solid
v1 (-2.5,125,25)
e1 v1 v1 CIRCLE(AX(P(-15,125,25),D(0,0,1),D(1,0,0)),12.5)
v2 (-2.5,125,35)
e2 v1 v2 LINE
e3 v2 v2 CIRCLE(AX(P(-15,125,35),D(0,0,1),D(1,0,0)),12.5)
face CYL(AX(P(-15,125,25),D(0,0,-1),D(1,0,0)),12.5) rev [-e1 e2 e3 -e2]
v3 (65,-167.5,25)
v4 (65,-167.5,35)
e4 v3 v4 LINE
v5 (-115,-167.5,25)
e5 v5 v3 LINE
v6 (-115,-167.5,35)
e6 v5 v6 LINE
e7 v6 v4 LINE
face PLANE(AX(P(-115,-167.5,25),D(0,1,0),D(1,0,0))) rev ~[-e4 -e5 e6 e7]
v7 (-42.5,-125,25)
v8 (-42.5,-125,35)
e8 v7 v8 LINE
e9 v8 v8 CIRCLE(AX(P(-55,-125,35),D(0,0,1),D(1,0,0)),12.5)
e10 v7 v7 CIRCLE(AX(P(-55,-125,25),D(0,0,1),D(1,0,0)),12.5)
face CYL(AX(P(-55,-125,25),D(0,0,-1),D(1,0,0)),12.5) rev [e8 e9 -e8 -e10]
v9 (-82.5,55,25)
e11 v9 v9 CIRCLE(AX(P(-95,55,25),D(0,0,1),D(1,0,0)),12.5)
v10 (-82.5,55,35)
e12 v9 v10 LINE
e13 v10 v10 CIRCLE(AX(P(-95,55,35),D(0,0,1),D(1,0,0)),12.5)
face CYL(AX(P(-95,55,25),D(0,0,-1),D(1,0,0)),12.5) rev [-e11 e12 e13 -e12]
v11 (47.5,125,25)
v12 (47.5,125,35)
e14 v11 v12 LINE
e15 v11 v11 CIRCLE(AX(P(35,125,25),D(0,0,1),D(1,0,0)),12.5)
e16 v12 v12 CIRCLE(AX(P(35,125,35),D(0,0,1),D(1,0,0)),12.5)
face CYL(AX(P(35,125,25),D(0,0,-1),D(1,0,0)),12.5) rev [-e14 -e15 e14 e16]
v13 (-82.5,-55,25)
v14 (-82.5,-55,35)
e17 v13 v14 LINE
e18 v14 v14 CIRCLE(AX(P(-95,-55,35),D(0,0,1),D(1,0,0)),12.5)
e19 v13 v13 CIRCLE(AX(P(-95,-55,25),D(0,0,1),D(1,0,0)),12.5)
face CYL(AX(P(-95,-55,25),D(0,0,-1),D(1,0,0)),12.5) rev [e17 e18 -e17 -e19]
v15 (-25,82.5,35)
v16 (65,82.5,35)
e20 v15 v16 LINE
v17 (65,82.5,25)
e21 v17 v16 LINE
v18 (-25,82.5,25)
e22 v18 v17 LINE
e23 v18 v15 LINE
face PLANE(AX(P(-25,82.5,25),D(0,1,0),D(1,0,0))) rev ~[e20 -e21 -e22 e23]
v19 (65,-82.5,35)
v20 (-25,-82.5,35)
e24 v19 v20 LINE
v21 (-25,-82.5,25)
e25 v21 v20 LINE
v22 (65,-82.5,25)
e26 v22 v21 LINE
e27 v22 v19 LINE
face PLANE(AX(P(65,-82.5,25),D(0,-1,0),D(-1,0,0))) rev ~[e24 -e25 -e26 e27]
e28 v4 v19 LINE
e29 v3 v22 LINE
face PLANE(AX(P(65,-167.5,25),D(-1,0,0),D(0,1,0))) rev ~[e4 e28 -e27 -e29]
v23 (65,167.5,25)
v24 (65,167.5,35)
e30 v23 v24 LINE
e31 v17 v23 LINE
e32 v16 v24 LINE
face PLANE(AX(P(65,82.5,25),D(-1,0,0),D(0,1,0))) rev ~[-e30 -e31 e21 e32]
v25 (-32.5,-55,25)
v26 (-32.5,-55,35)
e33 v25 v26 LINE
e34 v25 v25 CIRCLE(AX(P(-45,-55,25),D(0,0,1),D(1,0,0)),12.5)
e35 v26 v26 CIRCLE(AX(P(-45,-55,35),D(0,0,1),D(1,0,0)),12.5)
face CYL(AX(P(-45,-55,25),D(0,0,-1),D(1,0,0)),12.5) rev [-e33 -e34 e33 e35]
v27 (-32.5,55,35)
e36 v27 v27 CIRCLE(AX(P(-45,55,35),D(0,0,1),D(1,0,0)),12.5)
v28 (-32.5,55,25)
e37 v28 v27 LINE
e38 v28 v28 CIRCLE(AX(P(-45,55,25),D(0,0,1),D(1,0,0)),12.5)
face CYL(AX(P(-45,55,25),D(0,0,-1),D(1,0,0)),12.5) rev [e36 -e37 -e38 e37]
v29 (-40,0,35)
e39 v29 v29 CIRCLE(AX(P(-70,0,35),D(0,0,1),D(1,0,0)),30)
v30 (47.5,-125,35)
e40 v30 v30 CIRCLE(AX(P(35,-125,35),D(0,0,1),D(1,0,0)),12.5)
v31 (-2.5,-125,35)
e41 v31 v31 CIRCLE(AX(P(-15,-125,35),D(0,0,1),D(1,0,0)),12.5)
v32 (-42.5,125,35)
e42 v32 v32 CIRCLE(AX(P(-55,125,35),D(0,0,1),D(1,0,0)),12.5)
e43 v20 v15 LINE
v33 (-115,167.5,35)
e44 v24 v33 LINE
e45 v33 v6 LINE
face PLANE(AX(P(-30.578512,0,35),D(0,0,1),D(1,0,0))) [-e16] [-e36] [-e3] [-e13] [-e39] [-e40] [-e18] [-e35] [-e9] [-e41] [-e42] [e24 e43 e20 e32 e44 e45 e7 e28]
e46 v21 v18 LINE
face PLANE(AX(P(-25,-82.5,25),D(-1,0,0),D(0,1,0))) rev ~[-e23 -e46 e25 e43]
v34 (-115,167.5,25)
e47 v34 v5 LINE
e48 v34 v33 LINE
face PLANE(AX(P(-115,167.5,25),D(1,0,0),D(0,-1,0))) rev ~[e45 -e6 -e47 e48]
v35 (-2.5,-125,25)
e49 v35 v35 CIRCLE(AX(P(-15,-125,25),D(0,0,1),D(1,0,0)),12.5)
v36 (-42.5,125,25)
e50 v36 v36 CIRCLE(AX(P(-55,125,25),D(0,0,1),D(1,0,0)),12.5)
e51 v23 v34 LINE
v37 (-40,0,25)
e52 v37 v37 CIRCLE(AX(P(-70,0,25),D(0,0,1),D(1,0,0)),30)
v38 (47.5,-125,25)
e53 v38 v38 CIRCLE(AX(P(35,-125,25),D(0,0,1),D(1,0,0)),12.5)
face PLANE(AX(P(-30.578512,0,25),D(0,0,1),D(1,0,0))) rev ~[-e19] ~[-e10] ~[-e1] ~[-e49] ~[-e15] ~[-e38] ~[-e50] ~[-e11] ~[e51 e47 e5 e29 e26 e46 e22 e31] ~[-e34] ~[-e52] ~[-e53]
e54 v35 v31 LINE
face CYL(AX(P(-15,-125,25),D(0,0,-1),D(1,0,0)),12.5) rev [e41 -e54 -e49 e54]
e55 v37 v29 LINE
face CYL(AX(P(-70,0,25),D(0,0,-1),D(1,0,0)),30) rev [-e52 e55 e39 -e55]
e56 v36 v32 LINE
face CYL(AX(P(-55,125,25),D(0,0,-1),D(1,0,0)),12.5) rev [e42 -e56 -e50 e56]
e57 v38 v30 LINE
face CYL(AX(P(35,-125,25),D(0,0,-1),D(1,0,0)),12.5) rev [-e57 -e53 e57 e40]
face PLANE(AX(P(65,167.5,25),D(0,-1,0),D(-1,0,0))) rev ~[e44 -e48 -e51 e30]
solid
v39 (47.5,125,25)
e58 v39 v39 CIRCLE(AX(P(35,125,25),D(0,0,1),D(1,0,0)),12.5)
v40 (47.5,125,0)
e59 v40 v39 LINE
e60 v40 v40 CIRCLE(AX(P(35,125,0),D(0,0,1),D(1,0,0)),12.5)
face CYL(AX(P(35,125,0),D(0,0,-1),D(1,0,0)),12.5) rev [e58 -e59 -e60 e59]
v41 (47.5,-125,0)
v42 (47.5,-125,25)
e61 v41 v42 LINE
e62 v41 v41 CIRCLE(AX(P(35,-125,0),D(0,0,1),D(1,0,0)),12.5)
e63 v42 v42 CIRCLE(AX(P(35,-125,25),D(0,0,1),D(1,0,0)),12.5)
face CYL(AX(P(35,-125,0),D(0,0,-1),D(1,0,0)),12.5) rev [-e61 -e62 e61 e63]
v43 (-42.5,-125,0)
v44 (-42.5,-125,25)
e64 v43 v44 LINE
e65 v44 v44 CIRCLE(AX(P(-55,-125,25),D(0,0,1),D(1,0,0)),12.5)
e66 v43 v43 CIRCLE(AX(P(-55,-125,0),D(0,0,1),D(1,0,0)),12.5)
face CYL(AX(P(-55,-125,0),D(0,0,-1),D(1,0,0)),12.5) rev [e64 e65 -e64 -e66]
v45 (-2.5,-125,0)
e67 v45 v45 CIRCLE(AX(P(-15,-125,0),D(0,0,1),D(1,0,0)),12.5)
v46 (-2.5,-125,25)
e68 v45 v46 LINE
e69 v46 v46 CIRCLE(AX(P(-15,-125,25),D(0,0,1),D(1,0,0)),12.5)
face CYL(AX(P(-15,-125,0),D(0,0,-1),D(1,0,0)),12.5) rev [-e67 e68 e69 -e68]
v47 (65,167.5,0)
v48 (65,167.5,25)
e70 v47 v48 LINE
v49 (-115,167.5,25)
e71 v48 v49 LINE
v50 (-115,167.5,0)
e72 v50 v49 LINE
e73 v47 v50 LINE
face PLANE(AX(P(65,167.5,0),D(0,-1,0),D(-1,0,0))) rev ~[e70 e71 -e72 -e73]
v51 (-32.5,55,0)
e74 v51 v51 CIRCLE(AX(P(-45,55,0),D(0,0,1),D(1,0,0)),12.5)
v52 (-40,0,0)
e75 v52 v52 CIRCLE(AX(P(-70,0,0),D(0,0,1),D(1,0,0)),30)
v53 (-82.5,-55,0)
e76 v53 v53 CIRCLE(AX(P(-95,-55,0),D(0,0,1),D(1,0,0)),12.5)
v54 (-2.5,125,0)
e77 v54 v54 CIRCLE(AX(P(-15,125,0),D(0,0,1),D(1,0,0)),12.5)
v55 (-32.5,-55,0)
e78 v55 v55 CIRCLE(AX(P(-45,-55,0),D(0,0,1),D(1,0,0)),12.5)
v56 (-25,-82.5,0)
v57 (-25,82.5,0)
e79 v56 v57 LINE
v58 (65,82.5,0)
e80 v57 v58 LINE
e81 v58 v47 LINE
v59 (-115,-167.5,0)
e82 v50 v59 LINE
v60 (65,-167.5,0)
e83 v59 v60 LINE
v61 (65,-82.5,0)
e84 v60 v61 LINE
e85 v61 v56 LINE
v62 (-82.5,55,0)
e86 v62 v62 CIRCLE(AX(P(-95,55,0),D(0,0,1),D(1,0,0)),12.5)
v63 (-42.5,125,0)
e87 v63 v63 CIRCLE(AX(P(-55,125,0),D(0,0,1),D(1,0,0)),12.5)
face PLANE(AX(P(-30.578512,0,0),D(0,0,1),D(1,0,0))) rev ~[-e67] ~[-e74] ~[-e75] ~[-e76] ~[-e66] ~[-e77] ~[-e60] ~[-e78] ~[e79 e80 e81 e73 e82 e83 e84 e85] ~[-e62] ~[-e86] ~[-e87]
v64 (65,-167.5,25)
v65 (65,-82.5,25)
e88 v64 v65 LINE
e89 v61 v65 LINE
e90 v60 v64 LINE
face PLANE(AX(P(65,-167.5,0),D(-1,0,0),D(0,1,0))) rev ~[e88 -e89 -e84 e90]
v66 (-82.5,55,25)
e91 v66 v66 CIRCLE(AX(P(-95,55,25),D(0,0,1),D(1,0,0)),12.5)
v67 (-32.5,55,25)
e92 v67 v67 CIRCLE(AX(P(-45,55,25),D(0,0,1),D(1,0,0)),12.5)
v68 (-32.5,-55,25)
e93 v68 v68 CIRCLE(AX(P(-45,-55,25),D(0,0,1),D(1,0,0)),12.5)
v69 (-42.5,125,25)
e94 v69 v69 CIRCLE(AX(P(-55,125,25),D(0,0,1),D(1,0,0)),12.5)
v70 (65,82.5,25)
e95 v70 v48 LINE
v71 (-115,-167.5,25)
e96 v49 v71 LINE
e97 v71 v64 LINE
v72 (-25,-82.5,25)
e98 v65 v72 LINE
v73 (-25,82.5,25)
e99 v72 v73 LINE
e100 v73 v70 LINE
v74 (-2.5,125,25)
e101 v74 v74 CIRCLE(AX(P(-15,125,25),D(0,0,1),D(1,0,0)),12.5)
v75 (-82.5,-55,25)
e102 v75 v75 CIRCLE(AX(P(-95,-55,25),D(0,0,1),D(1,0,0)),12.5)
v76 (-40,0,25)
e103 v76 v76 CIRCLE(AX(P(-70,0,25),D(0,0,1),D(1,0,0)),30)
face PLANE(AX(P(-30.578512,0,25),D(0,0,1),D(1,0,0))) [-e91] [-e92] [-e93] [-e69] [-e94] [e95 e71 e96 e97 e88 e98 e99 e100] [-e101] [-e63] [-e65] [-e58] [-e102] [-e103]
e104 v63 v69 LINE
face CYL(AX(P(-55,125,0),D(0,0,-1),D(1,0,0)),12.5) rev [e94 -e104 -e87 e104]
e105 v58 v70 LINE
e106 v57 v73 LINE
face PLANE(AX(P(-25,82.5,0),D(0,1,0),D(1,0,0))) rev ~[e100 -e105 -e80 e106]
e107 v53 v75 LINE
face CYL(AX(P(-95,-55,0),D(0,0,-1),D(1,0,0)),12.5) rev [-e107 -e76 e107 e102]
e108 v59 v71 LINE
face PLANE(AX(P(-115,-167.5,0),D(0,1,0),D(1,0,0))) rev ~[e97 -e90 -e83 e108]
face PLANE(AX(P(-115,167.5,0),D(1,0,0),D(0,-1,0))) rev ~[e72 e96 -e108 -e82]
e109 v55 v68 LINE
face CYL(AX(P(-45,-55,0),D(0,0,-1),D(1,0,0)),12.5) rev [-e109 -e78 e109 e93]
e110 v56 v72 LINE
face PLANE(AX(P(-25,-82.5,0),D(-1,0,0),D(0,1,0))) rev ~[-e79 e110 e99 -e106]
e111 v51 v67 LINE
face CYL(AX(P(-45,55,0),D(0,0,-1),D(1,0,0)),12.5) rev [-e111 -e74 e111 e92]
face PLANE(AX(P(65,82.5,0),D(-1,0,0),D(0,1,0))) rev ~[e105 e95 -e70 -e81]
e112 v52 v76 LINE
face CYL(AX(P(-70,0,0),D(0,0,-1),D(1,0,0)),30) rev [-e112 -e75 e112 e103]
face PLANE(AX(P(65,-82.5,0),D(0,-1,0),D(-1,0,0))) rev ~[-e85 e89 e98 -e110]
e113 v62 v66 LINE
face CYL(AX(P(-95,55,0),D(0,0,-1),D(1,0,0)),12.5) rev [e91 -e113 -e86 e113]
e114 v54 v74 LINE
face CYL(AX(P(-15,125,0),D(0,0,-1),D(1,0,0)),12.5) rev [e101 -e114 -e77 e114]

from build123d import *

# Parameters (mm, degrees)
F0_R        = 12.5
F0_R_2      = 30
F1_DEPTH    = 25
F1_FACE_R   = 12.5
F1_FACE_R_2 = 30
F2_DEPTH    = 10


with BuildPart() as f1:
    # F0 (on Top) → F1 (new body)
    with BuildSketch(Plane.XY):
        Polygon((-25, 0), (-25, 82.5), (65, 82.5), (65, 167.5), (-115, 167.5), (-115, -167.5), (65, -167.5), (65, -82.5), (-25, -82.5), align=None)
        with Locations((-55, -125)):
            Circle(F0_R, mode=Mode.SUBTRACT)
        with Locations((-95, -55)):
            Circle(F0_R, mode=Mode.SUBTRACT)
        with Locations((-45, -55)):
            Circle(F0_R, mode=Mode.SUBTRACT)
        with Locations((-15, -125)):
            Circle(F0_R, mode=Mode.SUBTRACT)
        with Locations((35, -125)):
            Circle(F0_R, mode=Mode.SUBTRACT)
        with Locations((-95, 55)):
            Circle(F0_R, mode=Mode.SUBTRACT)
        with Locations((-70, 0)):
            Circle(F0_R_2, mode=Mode.SUBTRACT)
        with Locations((-45, 55)):
            Circle(F0_R, mode=Mode.SUBTRACT)
        with Locations((-55, 125)):
            Circle(F0_R, mode=Mode.SUBTRACT)
        with Locations((-15, 125)):
            Circle(F0_R, mode=Mode.SUBTRACT)
        with Locations((35, 125)):
            Circle(F0_R, mode=Mode.SUBTRACT)
    extrude(amount=F1_DEPTH)


with BuildPart() as f2:
    # F1_face (on face) → F2 (new body)
    with BuildSketch(Plane(origin=(-38.043707, 0, 25), x_dir=(1, 0, 0), z_dir=(0, 0, 1))):
        Polygon((13.043707, -82.5), (13.043707, 82.5), (103.043707, 82.5), (103.043707, 167.5), (-76.956293, 167.5), (-76.956293, -167.5), (103.043707, -167.5), (103.043707, -82.5), align=None)
        with Locations((-16.956293, -125)):
            Circle(F1_FACE_R, mode=Mode.SUBTRACT)
        with Locations((-56.956293, -55)):
            Circle(F1_FACE_R, mode=Mode.SUBTRACT)
        with Locations((-6.956293, -55)):
            Circle(F1_FACE_R, mode=Mode.SUBTRACT)
        with Locations((23.043707, -125)):
            Circle(F1_FACE_R, mode=Mode.SUBTRACT)
        with Locations((73.043707, -125)):
            Circle(F1_FACE_R, mode=Mode.SUBTRACT)
        with Locations((-56.956293, 55)):
            Circle(F1_FACE_R, mode=Mode.SUBTRACT)
        with Locations((-31.956293, 0)):
            Circle(F1_FACE_R_2, mode=Mode.SUBTRACT)
        with Locations((-6.956293, 55)):
            Circle(F1_FACE_R, mode=Mode.SUBTRACT)
        with Locations((-16.956293, 125)):
            Circle(F1_FACE_R, mode=Mode.SUBTRACT)
        with Locations((23.043707, 125)):
            Circle(F1_FACE_R, mode=Mode.SUBTRACT)
        with Locations((73.043707, 125)):
            Circle(F1_FACE_R, mode=Mode.SUBTRACT)
    extrude(amount=F2_DEPTH)


solid = Compound([f1.part, f2.part])
